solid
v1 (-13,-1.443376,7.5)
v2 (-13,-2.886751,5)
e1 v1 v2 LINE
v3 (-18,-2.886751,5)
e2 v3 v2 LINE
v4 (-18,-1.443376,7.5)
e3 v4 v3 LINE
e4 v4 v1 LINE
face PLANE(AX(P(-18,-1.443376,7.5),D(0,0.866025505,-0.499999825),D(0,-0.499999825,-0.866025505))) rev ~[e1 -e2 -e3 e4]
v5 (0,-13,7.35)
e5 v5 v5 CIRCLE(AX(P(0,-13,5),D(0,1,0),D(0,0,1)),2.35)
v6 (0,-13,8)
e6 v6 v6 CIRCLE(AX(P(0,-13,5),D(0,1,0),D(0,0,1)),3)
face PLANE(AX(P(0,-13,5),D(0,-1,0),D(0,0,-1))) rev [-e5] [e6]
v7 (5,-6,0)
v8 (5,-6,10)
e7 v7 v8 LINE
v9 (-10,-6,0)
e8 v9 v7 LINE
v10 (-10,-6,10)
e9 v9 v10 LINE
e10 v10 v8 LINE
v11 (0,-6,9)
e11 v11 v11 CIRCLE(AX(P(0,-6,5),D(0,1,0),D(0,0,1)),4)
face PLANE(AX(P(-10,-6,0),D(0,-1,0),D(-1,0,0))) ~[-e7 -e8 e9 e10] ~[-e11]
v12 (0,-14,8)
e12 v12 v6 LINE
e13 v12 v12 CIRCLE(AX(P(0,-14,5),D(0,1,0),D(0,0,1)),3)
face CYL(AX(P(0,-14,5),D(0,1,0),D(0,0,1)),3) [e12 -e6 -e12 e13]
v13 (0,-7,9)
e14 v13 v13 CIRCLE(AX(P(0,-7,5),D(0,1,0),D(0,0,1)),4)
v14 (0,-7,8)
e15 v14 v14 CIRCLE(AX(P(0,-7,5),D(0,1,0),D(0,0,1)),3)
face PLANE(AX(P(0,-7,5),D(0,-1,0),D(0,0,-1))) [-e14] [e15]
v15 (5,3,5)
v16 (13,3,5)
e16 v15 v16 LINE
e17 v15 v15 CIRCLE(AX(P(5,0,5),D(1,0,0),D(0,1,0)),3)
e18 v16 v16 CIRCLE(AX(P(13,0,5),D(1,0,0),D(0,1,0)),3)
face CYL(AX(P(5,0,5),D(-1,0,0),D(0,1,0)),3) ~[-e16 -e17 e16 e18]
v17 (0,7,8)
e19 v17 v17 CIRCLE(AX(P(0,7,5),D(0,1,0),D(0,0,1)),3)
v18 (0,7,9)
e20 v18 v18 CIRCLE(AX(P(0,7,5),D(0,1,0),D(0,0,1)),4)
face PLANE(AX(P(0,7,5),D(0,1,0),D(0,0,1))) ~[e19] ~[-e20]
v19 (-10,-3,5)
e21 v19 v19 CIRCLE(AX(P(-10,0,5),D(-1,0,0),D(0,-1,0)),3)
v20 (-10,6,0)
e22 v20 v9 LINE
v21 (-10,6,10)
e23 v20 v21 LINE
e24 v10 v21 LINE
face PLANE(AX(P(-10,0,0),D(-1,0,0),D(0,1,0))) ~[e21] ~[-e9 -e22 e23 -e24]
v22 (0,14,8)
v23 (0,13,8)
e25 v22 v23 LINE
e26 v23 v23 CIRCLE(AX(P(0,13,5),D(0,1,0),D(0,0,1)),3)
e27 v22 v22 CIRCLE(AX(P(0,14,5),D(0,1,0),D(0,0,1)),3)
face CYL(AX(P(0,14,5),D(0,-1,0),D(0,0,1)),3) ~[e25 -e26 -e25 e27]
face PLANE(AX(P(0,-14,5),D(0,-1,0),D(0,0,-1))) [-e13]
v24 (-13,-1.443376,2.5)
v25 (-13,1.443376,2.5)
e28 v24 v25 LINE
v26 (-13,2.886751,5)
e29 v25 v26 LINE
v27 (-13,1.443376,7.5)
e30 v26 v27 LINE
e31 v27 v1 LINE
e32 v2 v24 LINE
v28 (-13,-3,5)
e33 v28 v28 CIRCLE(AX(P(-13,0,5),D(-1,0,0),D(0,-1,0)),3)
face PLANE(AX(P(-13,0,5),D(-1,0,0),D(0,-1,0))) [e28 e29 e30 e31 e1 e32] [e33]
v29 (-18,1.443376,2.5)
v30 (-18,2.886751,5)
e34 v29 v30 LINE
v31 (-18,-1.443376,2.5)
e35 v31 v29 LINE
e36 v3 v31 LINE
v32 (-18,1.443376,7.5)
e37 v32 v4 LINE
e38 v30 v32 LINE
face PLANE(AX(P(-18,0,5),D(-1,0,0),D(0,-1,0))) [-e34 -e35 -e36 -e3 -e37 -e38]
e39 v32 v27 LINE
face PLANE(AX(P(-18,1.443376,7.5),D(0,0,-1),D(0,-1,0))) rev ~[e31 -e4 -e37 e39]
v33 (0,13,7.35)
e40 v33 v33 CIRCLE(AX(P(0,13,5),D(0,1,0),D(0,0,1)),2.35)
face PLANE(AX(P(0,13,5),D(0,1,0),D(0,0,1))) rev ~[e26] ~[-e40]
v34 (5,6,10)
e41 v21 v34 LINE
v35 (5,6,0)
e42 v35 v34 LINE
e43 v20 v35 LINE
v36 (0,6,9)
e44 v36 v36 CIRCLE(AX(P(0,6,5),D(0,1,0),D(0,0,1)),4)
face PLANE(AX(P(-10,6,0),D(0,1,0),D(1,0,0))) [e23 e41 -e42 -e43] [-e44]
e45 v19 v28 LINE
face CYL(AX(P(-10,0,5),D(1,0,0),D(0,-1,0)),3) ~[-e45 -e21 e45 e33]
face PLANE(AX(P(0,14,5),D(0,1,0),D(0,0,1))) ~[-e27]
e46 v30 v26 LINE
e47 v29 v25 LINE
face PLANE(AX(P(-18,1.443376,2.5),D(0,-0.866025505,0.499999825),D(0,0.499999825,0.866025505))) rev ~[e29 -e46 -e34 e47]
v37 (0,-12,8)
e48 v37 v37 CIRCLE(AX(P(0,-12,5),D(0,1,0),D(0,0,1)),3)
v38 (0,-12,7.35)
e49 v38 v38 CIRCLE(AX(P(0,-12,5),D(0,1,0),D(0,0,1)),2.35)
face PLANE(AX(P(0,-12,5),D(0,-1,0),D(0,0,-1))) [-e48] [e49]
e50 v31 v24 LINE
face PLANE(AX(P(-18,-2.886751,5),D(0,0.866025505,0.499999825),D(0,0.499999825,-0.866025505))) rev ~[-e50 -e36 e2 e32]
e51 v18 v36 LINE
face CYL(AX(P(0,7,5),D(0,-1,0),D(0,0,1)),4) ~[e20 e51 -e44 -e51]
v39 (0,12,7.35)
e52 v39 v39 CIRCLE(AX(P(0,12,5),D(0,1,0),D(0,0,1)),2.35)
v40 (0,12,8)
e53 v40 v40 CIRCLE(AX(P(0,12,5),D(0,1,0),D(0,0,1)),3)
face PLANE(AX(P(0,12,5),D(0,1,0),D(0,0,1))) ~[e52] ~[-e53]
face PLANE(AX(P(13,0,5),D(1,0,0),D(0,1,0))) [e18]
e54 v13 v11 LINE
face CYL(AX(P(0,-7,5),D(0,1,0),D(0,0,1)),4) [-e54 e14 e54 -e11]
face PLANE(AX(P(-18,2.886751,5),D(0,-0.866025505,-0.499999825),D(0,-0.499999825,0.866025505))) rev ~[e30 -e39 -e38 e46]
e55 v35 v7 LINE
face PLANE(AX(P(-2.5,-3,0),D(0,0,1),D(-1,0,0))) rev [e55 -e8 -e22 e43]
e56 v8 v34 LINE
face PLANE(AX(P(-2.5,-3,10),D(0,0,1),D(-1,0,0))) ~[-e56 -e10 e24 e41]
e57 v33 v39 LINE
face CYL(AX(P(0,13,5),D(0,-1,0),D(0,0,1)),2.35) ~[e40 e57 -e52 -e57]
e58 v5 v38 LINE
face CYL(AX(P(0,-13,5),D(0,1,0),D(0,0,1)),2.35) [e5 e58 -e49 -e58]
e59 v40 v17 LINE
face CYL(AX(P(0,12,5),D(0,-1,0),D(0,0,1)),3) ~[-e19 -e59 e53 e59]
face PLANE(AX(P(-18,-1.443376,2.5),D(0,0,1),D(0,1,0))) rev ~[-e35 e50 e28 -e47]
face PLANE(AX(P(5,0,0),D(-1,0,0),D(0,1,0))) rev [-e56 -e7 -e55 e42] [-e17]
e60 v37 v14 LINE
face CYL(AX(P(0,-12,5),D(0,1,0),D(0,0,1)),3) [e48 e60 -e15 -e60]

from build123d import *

# Parameters (mm, degrees)
F0_W      = 15
F0_H      = 6
F1_DEPTH  = 10
F5_R      = 3
F6_DEPTH  = 8
F7_R      = 3
F8_DEPTH  = 8
F9_R      = 3
F10_DEPTH = 5


with BuildPart() as f1:
    # F0 (on Top) → F1 (new body)
    with BuildSketch(Plane.XY):
        with Locations((-2.5, 3)):
            Rectangle(F0_W, F0_H)
    extrude(amount=F1_DEPTH)

    # F2 (on Right) → F3 (revolve)
    with BuildSketch(Plane.YZ):
        Polygon((6, 9), (6, 5), (14, 5), (14, 8), (13, 8), (13, 7.35), (12, 7.35), (12, 8), (7, 8), (7, 9), align=None)
    revolve(axis=Axis((0, 10, 5), (0, 1, 0)))

    # F4: F1 across plane


with BuildPart() as f1_1:
    add(f1.part)
    add(f1.part.mirror(Plane.XZ))

    # F5 (on face) → F6 (join)
    with BuildSketch(Plane.YZ.offset(5)):
        with Locations((0, 5)):
            Circle(F5_R)
    extrude(amount=F6_DEPTH)

    # F7 (on face) → F8 (join)
    with BuildSketch(Plane(origin=(-10, 0, 0), x_dir=(0, -1, 0), z_dir=(-1, 0, 0))):
        with Locations((0, 5)):
            Circle(F7_R)
    extrude(amount=F8_DEPTH)

    # F9 (on face) → F10 (cut)
    with BuildSketch(Plane(origin=(-18, 0, 0), x_dir=(0, -1, 0), z_dir=(-1, 0, 0))):
        with Locations((0, 5)):
            Circle(F9_R)
        Polygon((-1.443376, 7.5), (1.443376, 7.5), (2.886751, 5), (1.443376, 2.5), (-1.443376, 2.5), (-2.886751, 5), align=None, mode=Mode.SUBTRACT)
    extrude(amount=-F10_DEPTH, mode=Mode.SUBTRACT)


solid = f1_1.part
